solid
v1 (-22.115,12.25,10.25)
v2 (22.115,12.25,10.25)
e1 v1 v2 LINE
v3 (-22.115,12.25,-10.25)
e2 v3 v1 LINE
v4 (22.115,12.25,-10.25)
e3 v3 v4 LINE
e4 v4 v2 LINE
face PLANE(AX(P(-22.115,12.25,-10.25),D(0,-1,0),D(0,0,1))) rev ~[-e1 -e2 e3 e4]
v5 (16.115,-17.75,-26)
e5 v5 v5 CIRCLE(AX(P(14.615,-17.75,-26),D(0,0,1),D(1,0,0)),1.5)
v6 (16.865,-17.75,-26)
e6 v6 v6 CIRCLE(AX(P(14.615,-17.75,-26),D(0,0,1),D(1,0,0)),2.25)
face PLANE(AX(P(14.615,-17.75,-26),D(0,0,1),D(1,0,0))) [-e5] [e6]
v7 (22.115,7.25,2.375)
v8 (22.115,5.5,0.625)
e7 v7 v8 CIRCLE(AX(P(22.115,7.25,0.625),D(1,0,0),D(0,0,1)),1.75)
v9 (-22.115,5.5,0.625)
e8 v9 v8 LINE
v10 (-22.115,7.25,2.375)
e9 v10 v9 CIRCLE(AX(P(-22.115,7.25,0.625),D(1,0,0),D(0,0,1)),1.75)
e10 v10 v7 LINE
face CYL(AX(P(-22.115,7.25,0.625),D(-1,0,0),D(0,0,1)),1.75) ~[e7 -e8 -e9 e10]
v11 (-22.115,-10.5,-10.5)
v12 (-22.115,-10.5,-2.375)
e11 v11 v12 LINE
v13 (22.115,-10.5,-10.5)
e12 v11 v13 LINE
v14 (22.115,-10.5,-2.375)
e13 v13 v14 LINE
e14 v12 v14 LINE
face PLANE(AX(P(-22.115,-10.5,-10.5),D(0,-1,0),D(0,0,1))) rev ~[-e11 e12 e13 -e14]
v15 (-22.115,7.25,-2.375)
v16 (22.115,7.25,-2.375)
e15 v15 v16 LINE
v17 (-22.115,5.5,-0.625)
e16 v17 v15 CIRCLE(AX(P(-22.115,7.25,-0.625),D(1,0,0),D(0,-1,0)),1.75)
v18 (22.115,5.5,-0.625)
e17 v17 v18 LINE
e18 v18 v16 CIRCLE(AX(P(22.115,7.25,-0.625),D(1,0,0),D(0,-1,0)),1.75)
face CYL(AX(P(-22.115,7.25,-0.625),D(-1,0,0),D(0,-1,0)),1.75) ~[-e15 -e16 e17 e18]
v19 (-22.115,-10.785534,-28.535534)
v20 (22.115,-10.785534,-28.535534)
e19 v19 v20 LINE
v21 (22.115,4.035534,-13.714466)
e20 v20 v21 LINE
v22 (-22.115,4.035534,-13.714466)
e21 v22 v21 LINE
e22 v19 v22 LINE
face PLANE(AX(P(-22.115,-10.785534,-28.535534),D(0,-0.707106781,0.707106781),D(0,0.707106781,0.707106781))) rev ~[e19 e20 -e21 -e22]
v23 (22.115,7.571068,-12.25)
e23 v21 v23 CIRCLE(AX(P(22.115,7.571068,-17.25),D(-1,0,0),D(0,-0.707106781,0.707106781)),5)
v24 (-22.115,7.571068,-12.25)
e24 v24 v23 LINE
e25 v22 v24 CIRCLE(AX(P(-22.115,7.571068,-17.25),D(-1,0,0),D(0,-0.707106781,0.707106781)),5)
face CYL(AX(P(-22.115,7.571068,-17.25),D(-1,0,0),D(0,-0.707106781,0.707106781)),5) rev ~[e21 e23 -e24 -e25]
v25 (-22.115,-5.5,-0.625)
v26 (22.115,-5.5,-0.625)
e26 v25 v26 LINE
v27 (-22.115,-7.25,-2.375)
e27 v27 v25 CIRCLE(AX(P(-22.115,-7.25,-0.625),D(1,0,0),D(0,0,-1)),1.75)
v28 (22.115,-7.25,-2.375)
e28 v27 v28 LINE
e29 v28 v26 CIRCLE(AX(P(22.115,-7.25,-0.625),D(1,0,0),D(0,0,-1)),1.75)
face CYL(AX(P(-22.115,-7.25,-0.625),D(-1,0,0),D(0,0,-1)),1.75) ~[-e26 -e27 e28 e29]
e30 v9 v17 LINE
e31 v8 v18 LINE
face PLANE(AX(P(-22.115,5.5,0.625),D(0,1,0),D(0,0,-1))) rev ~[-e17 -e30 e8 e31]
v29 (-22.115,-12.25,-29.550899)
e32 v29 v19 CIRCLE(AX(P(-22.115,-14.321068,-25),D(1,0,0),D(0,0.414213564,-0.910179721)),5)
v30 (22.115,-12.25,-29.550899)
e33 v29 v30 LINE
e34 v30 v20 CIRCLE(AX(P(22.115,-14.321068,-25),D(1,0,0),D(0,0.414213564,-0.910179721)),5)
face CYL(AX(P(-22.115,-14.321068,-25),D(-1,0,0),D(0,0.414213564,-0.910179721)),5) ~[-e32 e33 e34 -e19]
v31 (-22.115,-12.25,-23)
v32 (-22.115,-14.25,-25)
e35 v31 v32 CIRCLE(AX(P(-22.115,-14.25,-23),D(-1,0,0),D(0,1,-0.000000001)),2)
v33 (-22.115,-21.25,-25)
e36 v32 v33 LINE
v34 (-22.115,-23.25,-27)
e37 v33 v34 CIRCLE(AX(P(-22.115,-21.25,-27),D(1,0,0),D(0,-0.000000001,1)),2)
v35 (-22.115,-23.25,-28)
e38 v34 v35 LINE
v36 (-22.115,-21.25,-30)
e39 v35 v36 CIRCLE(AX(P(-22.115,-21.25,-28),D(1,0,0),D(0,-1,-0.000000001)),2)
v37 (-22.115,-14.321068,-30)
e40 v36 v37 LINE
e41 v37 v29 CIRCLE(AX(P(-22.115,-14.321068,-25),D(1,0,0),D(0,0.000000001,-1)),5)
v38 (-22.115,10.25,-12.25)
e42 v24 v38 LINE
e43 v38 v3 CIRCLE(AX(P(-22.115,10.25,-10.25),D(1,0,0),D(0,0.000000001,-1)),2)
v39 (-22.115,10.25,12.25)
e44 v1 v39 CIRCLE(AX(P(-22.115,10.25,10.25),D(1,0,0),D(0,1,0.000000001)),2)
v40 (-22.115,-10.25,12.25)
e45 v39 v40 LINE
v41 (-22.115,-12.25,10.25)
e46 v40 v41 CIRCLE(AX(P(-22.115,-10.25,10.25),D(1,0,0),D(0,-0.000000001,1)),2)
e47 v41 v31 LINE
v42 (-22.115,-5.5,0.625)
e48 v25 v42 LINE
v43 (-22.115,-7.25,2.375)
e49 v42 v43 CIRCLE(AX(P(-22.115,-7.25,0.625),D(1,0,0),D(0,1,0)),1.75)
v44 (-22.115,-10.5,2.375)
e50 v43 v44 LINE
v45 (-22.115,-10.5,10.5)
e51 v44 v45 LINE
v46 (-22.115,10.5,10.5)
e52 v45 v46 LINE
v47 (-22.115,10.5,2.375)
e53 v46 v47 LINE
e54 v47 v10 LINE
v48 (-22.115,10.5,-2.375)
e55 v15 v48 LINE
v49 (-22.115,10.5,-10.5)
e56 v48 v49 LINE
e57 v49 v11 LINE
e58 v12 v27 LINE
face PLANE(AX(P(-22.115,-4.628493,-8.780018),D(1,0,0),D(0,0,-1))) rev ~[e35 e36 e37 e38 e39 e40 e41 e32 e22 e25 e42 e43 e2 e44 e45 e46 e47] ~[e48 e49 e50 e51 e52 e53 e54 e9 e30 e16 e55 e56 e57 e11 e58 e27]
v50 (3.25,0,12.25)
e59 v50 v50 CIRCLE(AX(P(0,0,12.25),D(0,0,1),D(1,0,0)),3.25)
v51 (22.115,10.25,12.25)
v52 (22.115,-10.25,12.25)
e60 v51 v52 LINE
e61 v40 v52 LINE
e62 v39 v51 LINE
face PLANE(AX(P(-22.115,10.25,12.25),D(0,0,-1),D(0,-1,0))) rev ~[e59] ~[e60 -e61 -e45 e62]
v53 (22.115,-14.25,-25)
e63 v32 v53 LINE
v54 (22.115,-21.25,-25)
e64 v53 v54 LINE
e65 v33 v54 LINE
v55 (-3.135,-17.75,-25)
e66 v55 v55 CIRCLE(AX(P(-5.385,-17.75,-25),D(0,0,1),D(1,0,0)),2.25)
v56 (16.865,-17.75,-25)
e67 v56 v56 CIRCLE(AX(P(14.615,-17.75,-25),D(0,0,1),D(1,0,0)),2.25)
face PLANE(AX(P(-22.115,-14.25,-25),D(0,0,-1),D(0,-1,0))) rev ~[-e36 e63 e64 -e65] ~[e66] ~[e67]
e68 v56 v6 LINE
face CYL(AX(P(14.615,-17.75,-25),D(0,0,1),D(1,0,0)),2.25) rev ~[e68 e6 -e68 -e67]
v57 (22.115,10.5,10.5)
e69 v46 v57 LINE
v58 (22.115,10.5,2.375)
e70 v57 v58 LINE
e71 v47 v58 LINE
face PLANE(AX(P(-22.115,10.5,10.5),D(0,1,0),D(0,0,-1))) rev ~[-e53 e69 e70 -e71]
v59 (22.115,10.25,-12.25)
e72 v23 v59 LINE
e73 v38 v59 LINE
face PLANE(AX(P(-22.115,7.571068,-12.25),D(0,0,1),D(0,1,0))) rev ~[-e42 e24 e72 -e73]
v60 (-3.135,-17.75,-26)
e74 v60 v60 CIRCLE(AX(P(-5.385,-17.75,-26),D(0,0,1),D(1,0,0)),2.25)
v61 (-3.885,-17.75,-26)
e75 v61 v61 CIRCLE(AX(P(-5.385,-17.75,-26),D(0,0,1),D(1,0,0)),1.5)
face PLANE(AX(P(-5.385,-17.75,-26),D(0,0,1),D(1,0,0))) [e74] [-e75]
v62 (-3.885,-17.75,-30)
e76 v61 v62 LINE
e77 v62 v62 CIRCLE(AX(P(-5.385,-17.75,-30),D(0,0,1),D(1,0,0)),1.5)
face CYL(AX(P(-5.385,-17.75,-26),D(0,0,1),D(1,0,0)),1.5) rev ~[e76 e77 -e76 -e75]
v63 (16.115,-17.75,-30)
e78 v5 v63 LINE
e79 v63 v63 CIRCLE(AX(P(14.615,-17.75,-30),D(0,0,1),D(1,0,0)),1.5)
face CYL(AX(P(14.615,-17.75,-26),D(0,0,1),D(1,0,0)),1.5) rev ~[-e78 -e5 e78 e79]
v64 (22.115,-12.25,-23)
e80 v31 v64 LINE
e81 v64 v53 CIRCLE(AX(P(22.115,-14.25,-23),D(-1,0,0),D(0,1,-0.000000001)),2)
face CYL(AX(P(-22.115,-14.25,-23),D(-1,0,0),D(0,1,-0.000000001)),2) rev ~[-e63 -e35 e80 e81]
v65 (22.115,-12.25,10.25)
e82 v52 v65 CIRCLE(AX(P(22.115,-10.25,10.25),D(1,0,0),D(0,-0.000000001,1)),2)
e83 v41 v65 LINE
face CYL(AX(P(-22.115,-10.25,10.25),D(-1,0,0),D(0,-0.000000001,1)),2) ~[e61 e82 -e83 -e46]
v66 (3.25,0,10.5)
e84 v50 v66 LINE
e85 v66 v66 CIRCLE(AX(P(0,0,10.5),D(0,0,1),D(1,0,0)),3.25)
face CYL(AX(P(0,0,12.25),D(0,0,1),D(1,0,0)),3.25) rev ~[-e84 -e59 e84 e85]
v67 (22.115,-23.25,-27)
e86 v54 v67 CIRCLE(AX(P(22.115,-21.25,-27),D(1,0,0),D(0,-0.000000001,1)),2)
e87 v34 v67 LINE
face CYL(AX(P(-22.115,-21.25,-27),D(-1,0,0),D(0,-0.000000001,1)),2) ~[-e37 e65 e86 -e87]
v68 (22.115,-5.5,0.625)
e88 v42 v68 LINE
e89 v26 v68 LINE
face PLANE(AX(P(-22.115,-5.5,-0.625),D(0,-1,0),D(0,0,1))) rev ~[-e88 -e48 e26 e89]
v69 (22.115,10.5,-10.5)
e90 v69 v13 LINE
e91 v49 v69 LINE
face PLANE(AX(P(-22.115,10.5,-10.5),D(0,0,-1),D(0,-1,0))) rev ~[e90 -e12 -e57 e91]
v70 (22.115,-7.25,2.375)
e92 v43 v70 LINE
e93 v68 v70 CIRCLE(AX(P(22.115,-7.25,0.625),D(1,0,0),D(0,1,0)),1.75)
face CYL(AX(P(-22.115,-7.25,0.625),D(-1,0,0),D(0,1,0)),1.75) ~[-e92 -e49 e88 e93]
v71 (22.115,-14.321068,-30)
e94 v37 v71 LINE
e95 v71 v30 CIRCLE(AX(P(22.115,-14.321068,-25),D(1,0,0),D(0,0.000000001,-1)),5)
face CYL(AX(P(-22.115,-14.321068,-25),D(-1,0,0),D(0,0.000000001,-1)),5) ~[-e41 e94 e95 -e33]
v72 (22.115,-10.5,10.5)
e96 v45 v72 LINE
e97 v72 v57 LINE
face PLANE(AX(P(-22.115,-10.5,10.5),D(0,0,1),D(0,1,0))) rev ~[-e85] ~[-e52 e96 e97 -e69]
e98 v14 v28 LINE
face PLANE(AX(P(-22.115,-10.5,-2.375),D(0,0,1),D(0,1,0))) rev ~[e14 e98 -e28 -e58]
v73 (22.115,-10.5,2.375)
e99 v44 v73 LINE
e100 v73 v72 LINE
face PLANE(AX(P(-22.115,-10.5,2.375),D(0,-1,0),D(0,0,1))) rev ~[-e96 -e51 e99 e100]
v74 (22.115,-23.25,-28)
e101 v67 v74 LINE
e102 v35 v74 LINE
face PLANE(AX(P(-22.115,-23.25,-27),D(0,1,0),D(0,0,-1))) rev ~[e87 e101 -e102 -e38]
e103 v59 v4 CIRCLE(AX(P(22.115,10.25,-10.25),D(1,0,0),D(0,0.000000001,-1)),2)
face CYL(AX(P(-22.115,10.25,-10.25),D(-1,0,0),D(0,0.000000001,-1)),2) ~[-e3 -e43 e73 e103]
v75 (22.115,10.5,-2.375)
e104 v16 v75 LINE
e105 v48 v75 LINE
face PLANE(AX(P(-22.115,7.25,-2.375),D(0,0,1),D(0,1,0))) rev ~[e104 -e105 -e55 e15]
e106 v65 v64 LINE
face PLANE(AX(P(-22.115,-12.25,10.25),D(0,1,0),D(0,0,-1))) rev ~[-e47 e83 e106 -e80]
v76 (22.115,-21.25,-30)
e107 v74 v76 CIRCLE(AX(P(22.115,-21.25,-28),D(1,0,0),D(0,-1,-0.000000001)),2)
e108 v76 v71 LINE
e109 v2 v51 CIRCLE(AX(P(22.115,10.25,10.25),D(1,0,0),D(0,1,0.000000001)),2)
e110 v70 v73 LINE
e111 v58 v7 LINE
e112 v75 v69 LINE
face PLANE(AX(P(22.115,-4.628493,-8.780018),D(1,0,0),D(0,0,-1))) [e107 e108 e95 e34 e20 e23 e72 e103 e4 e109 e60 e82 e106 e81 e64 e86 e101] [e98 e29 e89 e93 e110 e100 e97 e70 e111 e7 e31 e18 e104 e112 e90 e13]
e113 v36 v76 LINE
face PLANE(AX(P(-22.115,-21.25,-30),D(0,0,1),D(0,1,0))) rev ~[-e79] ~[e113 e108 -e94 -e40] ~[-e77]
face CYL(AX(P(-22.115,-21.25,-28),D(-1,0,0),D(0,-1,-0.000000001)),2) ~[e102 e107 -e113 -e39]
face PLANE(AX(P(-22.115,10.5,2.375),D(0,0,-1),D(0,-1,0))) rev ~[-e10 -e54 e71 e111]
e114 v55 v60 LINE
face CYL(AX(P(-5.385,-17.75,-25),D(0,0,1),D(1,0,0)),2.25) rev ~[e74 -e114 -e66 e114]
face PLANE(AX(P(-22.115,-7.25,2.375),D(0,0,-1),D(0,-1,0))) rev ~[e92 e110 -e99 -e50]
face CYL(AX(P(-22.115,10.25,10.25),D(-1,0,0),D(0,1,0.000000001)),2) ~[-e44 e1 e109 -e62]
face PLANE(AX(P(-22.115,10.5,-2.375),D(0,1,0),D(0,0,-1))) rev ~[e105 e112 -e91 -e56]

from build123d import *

# Parameters (mm, degrees)
BOSS_EXTRUDE1_DEPTH      = 22.115
BOSS_EXTRUDE1_DEPTH_BACK = 22.115
SKETCH2_R                = 3.25
CUT_EXTRUDE1_DEPTH       = 11.115
SKETCH3_R                = 2.25
CUT_EXTRUDE2_DEPTH       = 1
SKETCH4_R                = 1.5
CUT_EXTRUDE3_DEPTH       = 6


with BuildPart() as part:
    # Sketch1 → Boss-Extrude1 (new, two sides: drawn at the far end of the back side and taken through both)
    with BuildSketch(Plane(origin=(0, 0, 0), x_dir=(0, 0, -1), z_dir=(1, 0, 0)).offset(-BOSS_EXTRUDE1_DEPTH_BACK)):
        with BuildLine():
            Line((-10.25, -12.25), (23, -12.25))
            ThreePointArc((23, -12.25), (24.414213562, -12.835786438), (25, -14.25))
            Line((25, -14.25), (25, -21.25))
            ThreePointArc((25, -21.25), (25.585786438, -22.664213562), (27, -23.25))
            Line((27, -23.25), (28, -23.25))
            ThreePointArc((28, -23.25), (29.414213562, -22.664213562), (30, -21.25))
            Line((30, -21.25), (30, -14.321067812))
            ThreePointArc((30, -14.321067812), (29.886434949, -13.261467186), (29.550898606, -12.25))
            ThreePointArc((29.550898606, -12.25), (29.108985632, -11.472166783), (28.535533906, -10.785533906))
            Line((28.535533906, -10.785533906), (13.714466094, 4.035533906))
            ThreePointArc((13.714466094, 4.035533906), (12.630602337, 5.65765065), (12.25, 7.571067812))
            Line((12.25, 7.571067812), (12.25, 10.25))
            ThreePointArc((12.25, 10.25), (11.664213562, 11.664213562), (10.25, 12.25))
            Line((10.25, 12.25), (-10.25, 12.25))
            ThreePointArc((-10.25, 12.25), (-11.664213562, 11.664213562), (-12.25, 10.25))
            Line((-12.25, 10.25), (-12.25, -10.25))
            ThreePointArc((-12.25, -10.25), (-11.664213562, -11.664213562), (-10.25, -12.25))
        make_face()
        with BuildLine():
            Line((-2.375, -7.25), (-2.375, -10.5))
            Line((-2.375, -10.5), (-10.5, -10.5))
            Line((-10.5, -10.5), (-10.5, 10.5))
            Line((-10.5, 10.5), (-2.375, 10.5))
            Line((-2.375, 10.5), (-2.375, 7.25))
            ThreePointArc((-2.375, 7.25), (-1.862436867, 6.012563133), (-0.625, 5.5))
            Line((-0.625, 5.5), (0.625, 5.5))
            ThreePointArc((0.625, 5.5), (1.862436867, 6.012563133), (2.375, 7.25))
            Line((2.375, 7.25), (2.375, 10.5))
            Line((2.375, 10.5), (10.5, 10.5))
            Line((10.5, 10.5), (10.5, -10.5))
            Line((10.5, -10.5), (2.375, -10.5))
            Line((2.375, -10.5), (2.375, -7.25))
            ThreePointArc((2.375, -7.25), (1.862436867, -6.012563133), (0.625, -5.5))
            Line((0.625, -5.5), (-0.625, -5.5))
            ThreePointArc((-0.625, -5.5), (-1.862436867, -6.012563133), (-2.375, -7.25))
        make_face(mode=Mode.SUBTRACT)
    extrude(amount=BOSS_EXTRUDE1_DEPTH + BOSS_EXTRUDE1_DEPTH_BACK)

    # Sketch2 → Cut-Extrude1 (cut)
    with BuildSketch(Plane.XY.offset(12.25)):
        Circle(SKETCH2_R)
    extrude(amount=-CUT_EXTRUDE1_DEPTH, mode=Mode.SUBTRACT)

    # Sketch3 → Cut-Extrude2 (cut)
    with BuildSketch(Plane.XY.offset(-25)):
        with Locations((14.615, -17.75)):
            Circle(SKETCH3_R)
        with Locations((-5.385, -17.75)):
            Circle(SKETCH3_R)
    extrude(amount=-CUT_EXTRUDE2_DEPTH, mode=Mode.SUBTRACT)

    # Sketch4 → Cut-Extrude3 (cut)
    with BuildSketch(Plane.XY.offset(-26)):
        with Locations((-5.385, -17.75)):
            Circle(SKETCH4_R)
        with Locations((14.615, -17.75)):
            Circle(SKETCH4_R)
    extrude(amount=-CUT_EXTRUDE3_DEPTH, mode=Mode.SUBTRACT)


solid = part.part
